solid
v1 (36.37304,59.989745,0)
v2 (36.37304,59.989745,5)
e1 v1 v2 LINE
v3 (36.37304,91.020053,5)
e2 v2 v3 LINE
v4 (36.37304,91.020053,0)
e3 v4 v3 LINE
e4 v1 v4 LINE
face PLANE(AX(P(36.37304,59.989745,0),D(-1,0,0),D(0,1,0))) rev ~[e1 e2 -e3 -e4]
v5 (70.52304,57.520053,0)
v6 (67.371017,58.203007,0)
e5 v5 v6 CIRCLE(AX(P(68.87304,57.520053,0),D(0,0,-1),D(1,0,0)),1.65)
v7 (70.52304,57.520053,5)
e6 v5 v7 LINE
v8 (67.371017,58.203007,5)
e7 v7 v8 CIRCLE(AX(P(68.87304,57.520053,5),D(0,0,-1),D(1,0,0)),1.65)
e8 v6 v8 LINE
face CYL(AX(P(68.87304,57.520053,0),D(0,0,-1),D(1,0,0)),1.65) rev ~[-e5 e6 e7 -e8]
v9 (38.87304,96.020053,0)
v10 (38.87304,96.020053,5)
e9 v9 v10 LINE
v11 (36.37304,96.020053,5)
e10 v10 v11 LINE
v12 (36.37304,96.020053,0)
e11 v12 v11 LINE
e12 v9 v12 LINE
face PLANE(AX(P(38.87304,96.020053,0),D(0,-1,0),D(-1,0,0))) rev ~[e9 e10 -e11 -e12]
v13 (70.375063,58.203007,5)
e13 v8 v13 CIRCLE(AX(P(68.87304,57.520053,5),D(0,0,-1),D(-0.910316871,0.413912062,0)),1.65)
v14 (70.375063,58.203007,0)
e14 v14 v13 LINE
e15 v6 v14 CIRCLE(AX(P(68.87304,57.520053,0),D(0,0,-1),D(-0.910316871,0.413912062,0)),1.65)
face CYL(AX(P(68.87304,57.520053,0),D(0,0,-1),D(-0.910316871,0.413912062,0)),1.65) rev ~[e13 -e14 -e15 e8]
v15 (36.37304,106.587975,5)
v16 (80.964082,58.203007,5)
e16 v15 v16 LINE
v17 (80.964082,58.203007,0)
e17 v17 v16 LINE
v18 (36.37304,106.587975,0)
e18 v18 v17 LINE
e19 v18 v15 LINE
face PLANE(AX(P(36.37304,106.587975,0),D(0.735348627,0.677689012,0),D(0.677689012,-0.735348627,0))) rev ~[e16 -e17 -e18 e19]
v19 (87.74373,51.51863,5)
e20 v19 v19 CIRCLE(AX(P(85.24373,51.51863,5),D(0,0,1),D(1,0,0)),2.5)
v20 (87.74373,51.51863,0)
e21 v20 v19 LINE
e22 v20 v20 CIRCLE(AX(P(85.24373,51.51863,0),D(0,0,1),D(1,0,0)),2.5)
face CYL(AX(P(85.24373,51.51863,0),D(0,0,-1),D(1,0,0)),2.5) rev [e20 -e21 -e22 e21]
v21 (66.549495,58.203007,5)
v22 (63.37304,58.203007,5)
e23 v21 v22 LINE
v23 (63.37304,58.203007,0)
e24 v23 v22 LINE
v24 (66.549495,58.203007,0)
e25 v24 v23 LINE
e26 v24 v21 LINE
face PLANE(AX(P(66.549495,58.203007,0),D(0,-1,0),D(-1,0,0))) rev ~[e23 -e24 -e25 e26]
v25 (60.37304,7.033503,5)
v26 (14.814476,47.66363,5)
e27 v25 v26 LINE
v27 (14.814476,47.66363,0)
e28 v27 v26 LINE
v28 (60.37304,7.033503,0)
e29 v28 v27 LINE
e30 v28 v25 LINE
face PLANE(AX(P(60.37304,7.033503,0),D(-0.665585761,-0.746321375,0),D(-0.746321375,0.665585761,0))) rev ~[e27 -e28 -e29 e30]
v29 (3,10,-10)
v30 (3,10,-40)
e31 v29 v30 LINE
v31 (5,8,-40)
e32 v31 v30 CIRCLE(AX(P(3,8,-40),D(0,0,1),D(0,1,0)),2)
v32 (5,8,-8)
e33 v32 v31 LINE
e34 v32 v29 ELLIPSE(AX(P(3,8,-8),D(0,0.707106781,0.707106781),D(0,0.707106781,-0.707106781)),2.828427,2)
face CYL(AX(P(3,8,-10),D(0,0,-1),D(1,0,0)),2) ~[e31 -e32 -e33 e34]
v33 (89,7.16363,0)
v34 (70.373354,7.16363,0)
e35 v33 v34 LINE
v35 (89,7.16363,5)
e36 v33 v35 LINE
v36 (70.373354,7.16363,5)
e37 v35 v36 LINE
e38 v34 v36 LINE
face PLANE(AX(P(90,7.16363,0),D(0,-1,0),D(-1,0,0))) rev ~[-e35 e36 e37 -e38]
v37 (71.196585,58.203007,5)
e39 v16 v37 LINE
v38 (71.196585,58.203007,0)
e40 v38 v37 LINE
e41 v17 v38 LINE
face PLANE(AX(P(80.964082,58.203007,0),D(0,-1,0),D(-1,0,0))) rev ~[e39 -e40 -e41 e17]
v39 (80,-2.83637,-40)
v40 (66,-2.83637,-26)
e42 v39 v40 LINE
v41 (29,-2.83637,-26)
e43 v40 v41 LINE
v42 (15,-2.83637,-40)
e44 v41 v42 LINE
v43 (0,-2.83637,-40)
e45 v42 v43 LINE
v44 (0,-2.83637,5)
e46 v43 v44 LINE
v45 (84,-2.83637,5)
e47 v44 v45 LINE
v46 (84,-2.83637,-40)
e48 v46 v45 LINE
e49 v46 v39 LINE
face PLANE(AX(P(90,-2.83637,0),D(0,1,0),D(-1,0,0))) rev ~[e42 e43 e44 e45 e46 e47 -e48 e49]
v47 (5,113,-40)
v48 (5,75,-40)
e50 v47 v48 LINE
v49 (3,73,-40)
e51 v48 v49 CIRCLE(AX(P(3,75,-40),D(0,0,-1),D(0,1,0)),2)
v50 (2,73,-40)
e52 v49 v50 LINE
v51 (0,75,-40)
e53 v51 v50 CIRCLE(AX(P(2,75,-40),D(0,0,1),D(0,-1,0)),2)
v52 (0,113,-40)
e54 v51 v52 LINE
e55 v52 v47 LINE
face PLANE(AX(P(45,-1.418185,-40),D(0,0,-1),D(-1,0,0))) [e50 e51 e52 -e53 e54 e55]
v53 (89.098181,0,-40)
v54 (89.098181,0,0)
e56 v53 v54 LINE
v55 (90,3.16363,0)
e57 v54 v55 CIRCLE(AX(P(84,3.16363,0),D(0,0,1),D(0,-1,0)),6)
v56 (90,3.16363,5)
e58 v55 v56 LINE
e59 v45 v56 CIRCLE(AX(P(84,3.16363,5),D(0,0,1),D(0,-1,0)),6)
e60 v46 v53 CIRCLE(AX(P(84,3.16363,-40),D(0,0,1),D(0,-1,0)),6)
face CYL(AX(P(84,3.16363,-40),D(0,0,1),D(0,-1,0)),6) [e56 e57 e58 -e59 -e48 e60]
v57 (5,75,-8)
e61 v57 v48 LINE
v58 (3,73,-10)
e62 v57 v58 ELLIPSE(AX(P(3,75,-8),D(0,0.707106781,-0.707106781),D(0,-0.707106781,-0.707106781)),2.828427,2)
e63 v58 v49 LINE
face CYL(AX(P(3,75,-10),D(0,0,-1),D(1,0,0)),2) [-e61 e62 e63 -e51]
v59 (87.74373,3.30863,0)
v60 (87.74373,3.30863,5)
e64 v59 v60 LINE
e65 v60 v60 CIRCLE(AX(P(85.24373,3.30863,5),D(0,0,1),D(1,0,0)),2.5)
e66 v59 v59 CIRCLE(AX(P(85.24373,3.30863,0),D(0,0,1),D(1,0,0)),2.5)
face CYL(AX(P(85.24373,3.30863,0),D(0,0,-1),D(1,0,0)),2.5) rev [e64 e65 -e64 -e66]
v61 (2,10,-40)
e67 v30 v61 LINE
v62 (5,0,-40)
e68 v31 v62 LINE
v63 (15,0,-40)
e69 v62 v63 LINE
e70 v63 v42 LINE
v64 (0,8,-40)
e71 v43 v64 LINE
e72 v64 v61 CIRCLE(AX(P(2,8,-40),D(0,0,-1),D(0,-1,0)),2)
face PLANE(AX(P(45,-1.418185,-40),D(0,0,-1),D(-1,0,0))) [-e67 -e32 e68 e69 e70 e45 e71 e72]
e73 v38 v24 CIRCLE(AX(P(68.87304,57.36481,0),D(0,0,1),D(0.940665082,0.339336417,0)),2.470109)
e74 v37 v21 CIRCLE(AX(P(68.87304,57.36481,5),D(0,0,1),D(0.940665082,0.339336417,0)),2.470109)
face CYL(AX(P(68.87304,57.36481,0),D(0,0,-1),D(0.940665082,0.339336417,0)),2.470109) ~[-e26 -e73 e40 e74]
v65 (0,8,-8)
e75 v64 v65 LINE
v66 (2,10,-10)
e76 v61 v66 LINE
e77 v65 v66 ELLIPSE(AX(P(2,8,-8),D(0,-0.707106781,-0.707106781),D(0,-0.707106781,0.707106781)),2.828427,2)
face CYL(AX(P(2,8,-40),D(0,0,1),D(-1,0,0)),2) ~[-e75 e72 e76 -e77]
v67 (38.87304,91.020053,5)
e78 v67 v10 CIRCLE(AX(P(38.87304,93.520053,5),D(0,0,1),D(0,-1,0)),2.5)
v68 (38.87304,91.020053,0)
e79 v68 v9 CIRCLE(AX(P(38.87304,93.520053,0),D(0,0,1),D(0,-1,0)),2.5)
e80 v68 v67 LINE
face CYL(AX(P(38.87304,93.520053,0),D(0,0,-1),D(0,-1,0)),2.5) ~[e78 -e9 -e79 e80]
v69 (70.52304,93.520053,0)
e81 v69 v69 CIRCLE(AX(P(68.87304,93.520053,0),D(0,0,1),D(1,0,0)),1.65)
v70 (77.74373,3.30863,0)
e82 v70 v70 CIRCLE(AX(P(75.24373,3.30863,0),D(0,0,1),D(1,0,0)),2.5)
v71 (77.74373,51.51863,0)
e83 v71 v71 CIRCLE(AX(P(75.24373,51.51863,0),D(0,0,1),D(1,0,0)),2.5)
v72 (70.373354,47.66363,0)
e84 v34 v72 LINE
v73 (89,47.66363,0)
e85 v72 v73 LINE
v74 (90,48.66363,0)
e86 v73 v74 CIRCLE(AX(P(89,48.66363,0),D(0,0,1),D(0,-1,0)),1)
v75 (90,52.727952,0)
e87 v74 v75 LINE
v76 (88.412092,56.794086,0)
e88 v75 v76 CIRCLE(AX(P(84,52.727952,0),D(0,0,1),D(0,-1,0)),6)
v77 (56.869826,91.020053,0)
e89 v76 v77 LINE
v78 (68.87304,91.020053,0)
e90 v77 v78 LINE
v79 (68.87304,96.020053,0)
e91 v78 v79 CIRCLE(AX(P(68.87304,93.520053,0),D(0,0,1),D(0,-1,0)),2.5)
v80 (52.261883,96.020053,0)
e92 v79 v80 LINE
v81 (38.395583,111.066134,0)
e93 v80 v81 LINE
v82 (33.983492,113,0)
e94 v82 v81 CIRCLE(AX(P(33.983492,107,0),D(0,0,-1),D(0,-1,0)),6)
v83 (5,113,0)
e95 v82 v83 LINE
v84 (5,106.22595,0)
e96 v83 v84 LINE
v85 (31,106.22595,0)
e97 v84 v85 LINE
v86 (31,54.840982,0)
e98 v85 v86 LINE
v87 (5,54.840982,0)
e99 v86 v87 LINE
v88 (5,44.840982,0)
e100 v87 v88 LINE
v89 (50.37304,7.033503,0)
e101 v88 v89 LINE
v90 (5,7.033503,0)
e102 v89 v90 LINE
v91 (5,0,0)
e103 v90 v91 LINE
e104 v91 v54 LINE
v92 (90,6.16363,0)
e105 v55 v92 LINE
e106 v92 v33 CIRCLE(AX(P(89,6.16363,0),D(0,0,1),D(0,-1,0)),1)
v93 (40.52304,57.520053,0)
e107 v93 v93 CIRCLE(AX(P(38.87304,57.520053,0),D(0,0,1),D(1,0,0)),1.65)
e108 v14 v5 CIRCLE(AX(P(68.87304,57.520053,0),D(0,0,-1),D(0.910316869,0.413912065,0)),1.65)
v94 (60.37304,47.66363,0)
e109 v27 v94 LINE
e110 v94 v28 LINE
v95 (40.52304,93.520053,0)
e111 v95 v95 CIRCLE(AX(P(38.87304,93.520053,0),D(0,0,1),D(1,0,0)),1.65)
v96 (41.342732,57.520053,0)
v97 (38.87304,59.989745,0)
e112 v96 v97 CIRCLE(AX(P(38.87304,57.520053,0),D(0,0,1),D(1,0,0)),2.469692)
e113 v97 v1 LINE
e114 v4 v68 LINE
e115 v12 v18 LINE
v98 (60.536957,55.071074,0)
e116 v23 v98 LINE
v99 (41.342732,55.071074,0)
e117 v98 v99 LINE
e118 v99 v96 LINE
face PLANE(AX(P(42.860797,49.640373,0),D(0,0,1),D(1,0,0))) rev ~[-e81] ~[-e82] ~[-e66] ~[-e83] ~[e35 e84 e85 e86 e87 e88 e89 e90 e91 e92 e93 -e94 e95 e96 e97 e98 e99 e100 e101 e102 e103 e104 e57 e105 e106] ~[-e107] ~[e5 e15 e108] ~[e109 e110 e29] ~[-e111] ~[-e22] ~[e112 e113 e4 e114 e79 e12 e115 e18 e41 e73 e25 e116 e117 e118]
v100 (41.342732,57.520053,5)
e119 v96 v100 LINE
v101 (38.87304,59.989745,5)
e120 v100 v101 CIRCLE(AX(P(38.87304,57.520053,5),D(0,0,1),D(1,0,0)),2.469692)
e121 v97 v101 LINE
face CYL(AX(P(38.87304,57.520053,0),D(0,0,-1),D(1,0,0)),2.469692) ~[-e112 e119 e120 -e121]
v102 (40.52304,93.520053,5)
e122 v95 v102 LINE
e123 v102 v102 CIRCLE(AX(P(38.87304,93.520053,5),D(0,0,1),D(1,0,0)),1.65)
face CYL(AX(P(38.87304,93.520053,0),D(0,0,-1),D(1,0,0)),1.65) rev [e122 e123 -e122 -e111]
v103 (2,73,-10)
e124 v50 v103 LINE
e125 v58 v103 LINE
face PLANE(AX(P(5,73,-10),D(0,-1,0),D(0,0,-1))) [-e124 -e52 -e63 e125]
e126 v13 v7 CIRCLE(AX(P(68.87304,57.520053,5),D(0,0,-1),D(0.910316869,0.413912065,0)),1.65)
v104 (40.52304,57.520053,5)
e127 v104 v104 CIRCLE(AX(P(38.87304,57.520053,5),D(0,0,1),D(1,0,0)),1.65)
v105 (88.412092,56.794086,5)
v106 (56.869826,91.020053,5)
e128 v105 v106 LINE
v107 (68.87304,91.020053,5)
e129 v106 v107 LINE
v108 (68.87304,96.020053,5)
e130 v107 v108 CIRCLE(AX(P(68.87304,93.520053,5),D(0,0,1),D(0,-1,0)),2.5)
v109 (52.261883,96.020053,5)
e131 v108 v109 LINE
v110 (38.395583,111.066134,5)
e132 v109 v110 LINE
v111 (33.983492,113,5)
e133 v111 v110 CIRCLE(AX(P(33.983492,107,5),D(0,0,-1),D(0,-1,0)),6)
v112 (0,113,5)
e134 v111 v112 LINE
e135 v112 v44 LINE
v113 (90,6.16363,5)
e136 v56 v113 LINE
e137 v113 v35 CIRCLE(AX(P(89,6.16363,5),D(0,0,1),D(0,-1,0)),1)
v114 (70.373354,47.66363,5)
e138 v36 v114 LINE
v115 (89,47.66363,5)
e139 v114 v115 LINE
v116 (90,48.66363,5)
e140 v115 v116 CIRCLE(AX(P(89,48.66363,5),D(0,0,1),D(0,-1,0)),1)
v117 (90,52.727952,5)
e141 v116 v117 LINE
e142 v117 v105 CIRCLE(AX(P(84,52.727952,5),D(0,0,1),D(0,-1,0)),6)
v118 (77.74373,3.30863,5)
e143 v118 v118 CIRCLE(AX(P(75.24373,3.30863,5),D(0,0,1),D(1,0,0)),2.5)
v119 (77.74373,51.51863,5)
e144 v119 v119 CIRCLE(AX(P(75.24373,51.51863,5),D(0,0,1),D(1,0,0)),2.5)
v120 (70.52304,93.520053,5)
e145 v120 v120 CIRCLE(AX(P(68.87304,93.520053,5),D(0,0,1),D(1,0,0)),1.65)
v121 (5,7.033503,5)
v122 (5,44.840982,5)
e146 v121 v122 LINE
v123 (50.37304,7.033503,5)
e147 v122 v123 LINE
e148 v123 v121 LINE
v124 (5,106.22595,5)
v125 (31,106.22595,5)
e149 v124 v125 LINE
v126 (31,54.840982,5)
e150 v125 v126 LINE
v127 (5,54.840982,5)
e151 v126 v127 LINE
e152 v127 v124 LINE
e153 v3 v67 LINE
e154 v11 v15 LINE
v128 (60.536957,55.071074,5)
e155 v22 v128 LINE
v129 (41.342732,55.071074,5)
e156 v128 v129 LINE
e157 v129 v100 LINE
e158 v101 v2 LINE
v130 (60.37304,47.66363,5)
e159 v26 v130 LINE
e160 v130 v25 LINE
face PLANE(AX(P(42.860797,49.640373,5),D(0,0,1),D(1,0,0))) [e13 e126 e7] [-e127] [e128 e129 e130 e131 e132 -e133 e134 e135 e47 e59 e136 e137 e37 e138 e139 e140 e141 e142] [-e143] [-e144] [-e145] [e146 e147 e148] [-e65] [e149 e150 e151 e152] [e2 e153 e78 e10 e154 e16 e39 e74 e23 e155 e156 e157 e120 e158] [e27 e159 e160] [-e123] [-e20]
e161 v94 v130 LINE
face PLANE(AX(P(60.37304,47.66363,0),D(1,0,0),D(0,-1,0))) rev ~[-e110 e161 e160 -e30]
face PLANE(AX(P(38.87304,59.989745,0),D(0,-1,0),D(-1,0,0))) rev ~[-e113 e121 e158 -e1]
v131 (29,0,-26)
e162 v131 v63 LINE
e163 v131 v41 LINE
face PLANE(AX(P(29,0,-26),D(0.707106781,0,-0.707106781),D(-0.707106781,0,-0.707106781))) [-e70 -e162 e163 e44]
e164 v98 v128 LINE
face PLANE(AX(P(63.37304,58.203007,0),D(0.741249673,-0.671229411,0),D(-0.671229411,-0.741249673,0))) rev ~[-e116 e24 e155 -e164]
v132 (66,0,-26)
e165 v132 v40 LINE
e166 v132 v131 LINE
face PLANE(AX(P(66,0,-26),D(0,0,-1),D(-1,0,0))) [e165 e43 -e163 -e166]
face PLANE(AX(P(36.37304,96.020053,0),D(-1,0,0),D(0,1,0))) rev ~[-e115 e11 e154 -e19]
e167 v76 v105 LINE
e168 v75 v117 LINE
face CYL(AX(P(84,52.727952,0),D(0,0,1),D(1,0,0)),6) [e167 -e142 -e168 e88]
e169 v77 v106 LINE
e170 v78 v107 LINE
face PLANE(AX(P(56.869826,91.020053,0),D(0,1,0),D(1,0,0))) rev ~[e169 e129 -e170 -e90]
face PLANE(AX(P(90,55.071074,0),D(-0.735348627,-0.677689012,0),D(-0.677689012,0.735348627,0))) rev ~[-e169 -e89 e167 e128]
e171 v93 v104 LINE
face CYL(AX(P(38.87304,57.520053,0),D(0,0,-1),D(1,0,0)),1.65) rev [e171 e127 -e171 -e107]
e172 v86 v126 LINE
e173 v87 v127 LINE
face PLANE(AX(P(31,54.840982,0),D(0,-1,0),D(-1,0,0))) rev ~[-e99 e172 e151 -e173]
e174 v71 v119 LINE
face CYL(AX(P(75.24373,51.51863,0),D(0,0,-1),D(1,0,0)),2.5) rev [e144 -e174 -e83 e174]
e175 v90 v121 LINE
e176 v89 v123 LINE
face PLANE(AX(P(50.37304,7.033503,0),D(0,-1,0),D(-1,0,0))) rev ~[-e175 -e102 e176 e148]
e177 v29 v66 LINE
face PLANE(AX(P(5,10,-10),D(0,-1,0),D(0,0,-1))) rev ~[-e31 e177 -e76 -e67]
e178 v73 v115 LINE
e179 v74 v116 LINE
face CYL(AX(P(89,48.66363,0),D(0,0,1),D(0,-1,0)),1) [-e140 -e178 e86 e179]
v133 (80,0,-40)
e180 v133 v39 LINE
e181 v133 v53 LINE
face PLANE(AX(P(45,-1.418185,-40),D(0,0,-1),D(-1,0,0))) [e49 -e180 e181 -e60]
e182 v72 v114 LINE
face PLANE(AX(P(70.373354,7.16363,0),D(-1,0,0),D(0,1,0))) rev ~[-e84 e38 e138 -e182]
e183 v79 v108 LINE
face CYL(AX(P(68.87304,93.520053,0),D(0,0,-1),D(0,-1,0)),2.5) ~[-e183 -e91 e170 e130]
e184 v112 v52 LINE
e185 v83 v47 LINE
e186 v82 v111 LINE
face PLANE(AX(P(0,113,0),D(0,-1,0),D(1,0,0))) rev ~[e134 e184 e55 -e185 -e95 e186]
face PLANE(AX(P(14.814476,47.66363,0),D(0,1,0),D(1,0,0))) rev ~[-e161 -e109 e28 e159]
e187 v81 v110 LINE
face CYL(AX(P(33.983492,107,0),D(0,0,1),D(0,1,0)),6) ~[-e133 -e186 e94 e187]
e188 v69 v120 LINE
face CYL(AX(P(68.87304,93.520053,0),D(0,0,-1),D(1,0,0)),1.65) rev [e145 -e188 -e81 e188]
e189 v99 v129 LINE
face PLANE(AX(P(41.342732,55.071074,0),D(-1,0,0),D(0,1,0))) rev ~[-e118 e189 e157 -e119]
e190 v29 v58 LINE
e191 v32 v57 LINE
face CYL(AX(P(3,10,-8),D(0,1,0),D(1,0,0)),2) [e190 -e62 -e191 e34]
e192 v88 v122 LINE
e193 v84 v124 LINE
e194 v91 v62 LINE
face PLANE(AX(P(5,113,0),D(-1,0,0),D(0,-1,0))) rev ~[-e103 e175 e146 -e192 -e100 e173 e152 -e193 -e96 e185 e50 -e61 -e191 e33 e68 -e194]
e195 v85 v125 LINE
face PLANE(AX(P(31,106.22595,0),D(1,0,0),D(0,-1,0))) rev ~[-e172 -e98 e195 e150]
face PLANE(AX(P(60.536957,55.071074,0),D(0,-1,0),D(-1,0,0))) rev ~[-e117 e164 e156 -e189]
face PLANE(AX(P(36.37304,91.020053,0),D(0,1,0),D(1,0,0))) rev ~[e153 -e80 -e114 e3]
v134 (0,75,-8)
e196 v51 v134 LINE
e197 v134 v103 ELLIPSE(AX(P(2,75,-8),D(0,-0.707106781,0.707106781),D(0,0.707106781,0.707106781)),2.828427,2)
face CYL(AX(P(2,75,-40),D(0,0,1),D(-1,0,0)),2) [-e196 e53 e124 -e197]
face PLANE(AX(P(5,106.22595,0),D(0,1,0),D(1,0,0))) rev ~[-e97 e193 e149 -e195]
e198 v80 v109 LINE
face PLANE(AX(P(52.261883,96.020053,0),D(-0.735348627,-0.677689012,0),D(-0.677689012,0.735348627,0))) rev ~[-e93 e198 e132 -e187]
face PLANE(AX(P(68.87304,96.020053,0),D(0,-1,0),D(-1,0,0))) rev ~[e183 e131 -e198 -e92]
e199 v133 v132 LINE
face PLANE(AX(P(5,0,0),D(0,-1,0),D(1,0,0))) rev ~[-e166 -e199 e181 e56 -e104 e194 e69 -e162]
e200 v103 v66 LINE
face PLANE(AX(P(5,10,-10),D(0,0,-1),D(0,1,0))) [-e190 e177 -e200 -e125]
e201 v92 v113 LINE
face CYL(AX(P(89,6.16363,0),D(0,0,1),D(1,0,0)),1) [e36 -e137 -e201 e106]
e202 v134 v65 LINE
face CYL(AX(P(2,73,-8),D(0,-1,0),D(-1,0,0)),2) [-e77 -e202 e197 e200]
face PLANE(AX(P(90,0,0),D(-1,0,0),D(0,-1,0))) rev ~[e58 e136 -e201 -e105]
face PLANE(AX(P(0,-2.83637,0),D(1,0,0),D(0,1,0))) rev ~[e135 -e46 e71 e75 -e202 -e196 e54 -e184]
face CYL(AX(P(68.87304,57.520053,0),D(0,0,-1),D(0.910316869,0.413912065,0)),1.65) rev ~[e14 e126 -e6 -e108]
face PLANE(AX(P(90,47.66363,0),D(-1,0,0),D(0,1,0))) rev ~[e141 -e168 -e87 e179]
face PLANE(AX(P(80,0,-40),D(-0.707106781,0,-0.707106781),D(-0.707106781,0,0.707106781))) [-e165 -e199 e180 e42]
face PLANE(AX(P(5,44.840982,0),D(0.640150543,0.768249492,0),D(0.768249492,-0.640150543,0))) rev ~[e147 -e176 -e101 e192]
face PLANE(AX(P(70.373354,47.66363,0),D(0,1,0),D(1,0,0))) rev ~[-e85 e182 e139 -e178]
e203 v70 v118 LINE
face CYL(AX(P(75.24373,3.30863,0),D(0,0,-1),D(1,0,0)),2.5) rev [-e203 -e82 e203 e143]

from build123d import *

# Parameters (mm, degrees)
SKETCH_2_R          = 2.5
SKETCH_2_R_2        = 1.65
EXTRUDE_1_DEPTH     = 5
SKETCH_3_W          = 5
SKETCH_3_H          = 7.033503338
EXTRUDE_2_DEPTH     = 40
CUT_EXTRUDE_1_REACH = 7
SKETCH_6_W          = 30
SKETCH_6_H          = 63
CUT_EXTRUDE_2_DEPTH = 10
FILLET_1_R          = 6
FILLET_2_R          = 2
FILLET_3_R          = 1


with BuildPart() as part:
    # 草图2 → 凸台-拉伸1 (new body)
    with BuildSketch(Plane.XY):
        with BuildLine():
            Line((90, -2.836370327), (90, -0.033503338))
            Line((90, -0.033503338), (90, 7.163629673))
            Line((90, 7.163629673), (70.37335416, 7.163629673))
            Line((70.37335416, 7.163629673), (70.37335416, 47.663629673))
            Line((70.37335416, 47.663629673), (90, 47.663629673))
            Line((90, 47.663629673), (90, 55.071074042))
            Line((90, 55.071074042), (56.86982625, 91.020052584))
            Line((56.86982625, 91.020052584), (68.87304018, 91.020052584))
            ThreePointArc((68.87304018, 91.020052584), (71.37304018, 93.520052584), (68.87304018, 96.020052584))
            Line((68.87304018, 96.020052584), (52.261882562, 96.020052584))
            Line((52.261882562, 96.020052584), (36.613354259, 113))
            Line((36.613354259, 113), (0, 113))
            Line((0, 113), (0, 0))
            Line((0, 0), (0, -2.836370327))
            Line((0, -2.836370327), (90, -2.836370327))
        make_face()
        Polygon((5, 7.033503338), (5, 44.840982038), (50.37304018, 7.033503338), (10, 7.033503338), align=None, mode=Mode.SUBTRACT)
        Polygon((60.37304018, 7.033503338), (14.814475837, 47.663629673), (60.37304018, 47.663629673), align=None, mode=Mode.SUBTRACT)
        with Locations((75.24372976, 3.308629673)):
            Circle(SKETCH_2_R, mode=Mode.SUBTRACT)
        with Locations((85.24372976, 3.308629673)):
            Circle(SKETCH_2_R, mode=Mode.SUBTRACT)
        with Locations((75.24372976, 51.518629673)):
            Circle(SKETCH_2_R, mode=Mode.SUBTRACT)
        with Locations((85.24372976, 51.518629673)):
            Circle(SKETCH_2_R, mode=Mode.SUBTRACT)
        Polygon((5, 106.225949783), (31, 106.225949783), (31, 54.840982038), (11.37304018, 54.840982038), (6.37304018, 54.840982038), (5, 54.840982038), (5, 91.020052584), (5, 96.020052584), align=None, mode=Mode.SUBTRACT)
        with Locations((38.87304018, 57.520052584)):
            Circle(SKETCH_2_R_2, mode=Mode.SUBTRACT)
        with Locations((38.87304018, 93.520052584)):
            Circle(SKETCH_2_R_2, mode=Mode.SUBTRACT)
        with BuildLine():
            Line((36.37304018, 106.587975229), (80.964081518, 58.203007486))
            Line((80.964081518, 58.203007486), (71.196585176, 58.203007486))
            ThreePointArc((71.196585176, 58.203007486), (68.87304018, 59.834918346), (66.549495185, 58.203007486))
            Line((66.549495185, 58.203007486), (63.373040182, 58.203007486))
            Line((63.373040182, 58.203007486), (60.53695685, 55.071074042))
            Line((60.53695685, 55.071074042), (41.37304018, 55.071074042))
            Line((41.37304018, 55.071074042), (41.342732423, 55.071074042))
            Line((41.342732423, 55.071074042), (41.342732423, 57.520052584))
            ThreePointArc((41.342732423, 57.520052584), (40.619376312, 59.266388716), (38.87304018, 59.989744826))
            Line((38.87304018, 59.989744826), (36.37304018, 59.989744826))
            Line((36.37304018, 59.989744826), (36.37304018, 91.020052584))
            Line((36.37304018, 91.020052584), (38.87304018, 91.020052584))
            ThreePointArc((38.87304018, 91.020052584), (41.37304018, 93.520052584), (38.87304018, 96.020052584))
            Line((38.87304018, 96.020052584), (36.37304018, 96.020052584))
            Line((36.37304018, 96.020052584), (36.37304018, 106.587975229))
        make_face(mode=Mode.SUBTRACT)
        with BuildLine():
            ThreePointArc((67.371017344, 58.203007486), (68.87304018, 59.170052584), (70.375063017, 58.203007486))
            ThreePointArc((70.375063017, 58.203007486), (70.485621602, 57.869453729), (70.52304018, 57.520052584))
            ThreePointArc((70.52304018, 57.520052584), (68.523639036, 55.907471163), (67.371017344, 58.203007486))
        make_face(mode=Mode.SUBTRACT)
        with Locations((68.87304018, 93.520052584)):
            Circle(SKETCH_2_R_2, mode=Mode.SUBTRACT)
    extrude(amount=EXTRUDE_1_DEPTH)

    # 草图3 → 凸台-拉伸2 (add)
    with BuildSketch(Plane(origin=(0, 0, 0), x_dir=(-1, 0, 0), z_dir=(0, 0, -1))):
        Polygon((0, -2.836370327), (0, 0), (-5, 0), (-90, 0), (-90, -2.836370327), align=None)
        with Locations((-2.5, 3.516751669)):
            Rectangle(SKETCH_3_W, SKETCH_3_H)
        Polygon((-5, 7.033503338), (0, 7.033503338), (0, 113), (-5, 113), (-5, 106.225949783), (-5, 54.840982038), (-5, 44.840982038), align=None)
    extrude(amount=EXTRUDE_2_DEPTH)

    # 草图6 → 切除-拉伸1 (cut, up to next)
    with BuildSketch(Plane(origin=(5, 0, 0), x_dir=(0, 0, -1), z_dir=(1, 0, 0)), mode=Mode.PRIVATE) as cut_extrude_1_sk1:
        with Locations((25, 41.5)):
            Rectangle(SKETCH_6_W, SKETCH_6_H)
    cut_extrude_1_tool1 = extrude(cut_extrude_1_sk1.sketch, amount=-CUT_EXTRUDE_1_REACH, mode=Mode.PRIVATE) & part.part
    add(cut_extrude_1_tool1.solids().sort_by_distance((5, 41.5, -25))[0], mode=Mode.SUBTRACT)

    # 草图7 → 切除-拉伸2 (cut)
    with BuildSketch(Plane(origin=(0, 0, 0), x_dir=(1, 0, 0), z_dir=(0, 1, 0))):
        Polygon((80, 40), (66, 26), (29, 26), (15, 40), align=None)
    extrude(amount=-CUT_EXTRUDE_2_DEPTH, mode=Mode.SUBTRACT)

    # 圆角1
    fillet_1_edges = [part.edges().sort_by_distance(p)[0] for p in [
        (90, -2.836370327, -17.5),
        (90, 55.071074042, 2.5),
        (36.613354259, 113, 2.5),
    ]]
    fillet(fillet_1_edges, radius=FILLET_1_R)

    # 圆角2
    fillet_2_edges = [part.edges().sort_by_distance(p)[0] for p in [
        (0, 73, -25),
        (0, 10, -25),
        (0, 41.5, -10),
        (5, 73, -25),
        (5, 41.5, -10),
        (5, 10, -25),
    ]]
    fillet(fillet_2_edges, radius=FILLET_2_R)

    # 圆角3
    fillet_3_edges = [part.edges().sort_by_distance(p)[0] for p in [
        (90, 47.663629673, 2.5),
        (90, 7.163629673, 2.5),
    ]]
    fillet(fillet_3_edges, radius=FILLET_3_R)


solid = part.part
